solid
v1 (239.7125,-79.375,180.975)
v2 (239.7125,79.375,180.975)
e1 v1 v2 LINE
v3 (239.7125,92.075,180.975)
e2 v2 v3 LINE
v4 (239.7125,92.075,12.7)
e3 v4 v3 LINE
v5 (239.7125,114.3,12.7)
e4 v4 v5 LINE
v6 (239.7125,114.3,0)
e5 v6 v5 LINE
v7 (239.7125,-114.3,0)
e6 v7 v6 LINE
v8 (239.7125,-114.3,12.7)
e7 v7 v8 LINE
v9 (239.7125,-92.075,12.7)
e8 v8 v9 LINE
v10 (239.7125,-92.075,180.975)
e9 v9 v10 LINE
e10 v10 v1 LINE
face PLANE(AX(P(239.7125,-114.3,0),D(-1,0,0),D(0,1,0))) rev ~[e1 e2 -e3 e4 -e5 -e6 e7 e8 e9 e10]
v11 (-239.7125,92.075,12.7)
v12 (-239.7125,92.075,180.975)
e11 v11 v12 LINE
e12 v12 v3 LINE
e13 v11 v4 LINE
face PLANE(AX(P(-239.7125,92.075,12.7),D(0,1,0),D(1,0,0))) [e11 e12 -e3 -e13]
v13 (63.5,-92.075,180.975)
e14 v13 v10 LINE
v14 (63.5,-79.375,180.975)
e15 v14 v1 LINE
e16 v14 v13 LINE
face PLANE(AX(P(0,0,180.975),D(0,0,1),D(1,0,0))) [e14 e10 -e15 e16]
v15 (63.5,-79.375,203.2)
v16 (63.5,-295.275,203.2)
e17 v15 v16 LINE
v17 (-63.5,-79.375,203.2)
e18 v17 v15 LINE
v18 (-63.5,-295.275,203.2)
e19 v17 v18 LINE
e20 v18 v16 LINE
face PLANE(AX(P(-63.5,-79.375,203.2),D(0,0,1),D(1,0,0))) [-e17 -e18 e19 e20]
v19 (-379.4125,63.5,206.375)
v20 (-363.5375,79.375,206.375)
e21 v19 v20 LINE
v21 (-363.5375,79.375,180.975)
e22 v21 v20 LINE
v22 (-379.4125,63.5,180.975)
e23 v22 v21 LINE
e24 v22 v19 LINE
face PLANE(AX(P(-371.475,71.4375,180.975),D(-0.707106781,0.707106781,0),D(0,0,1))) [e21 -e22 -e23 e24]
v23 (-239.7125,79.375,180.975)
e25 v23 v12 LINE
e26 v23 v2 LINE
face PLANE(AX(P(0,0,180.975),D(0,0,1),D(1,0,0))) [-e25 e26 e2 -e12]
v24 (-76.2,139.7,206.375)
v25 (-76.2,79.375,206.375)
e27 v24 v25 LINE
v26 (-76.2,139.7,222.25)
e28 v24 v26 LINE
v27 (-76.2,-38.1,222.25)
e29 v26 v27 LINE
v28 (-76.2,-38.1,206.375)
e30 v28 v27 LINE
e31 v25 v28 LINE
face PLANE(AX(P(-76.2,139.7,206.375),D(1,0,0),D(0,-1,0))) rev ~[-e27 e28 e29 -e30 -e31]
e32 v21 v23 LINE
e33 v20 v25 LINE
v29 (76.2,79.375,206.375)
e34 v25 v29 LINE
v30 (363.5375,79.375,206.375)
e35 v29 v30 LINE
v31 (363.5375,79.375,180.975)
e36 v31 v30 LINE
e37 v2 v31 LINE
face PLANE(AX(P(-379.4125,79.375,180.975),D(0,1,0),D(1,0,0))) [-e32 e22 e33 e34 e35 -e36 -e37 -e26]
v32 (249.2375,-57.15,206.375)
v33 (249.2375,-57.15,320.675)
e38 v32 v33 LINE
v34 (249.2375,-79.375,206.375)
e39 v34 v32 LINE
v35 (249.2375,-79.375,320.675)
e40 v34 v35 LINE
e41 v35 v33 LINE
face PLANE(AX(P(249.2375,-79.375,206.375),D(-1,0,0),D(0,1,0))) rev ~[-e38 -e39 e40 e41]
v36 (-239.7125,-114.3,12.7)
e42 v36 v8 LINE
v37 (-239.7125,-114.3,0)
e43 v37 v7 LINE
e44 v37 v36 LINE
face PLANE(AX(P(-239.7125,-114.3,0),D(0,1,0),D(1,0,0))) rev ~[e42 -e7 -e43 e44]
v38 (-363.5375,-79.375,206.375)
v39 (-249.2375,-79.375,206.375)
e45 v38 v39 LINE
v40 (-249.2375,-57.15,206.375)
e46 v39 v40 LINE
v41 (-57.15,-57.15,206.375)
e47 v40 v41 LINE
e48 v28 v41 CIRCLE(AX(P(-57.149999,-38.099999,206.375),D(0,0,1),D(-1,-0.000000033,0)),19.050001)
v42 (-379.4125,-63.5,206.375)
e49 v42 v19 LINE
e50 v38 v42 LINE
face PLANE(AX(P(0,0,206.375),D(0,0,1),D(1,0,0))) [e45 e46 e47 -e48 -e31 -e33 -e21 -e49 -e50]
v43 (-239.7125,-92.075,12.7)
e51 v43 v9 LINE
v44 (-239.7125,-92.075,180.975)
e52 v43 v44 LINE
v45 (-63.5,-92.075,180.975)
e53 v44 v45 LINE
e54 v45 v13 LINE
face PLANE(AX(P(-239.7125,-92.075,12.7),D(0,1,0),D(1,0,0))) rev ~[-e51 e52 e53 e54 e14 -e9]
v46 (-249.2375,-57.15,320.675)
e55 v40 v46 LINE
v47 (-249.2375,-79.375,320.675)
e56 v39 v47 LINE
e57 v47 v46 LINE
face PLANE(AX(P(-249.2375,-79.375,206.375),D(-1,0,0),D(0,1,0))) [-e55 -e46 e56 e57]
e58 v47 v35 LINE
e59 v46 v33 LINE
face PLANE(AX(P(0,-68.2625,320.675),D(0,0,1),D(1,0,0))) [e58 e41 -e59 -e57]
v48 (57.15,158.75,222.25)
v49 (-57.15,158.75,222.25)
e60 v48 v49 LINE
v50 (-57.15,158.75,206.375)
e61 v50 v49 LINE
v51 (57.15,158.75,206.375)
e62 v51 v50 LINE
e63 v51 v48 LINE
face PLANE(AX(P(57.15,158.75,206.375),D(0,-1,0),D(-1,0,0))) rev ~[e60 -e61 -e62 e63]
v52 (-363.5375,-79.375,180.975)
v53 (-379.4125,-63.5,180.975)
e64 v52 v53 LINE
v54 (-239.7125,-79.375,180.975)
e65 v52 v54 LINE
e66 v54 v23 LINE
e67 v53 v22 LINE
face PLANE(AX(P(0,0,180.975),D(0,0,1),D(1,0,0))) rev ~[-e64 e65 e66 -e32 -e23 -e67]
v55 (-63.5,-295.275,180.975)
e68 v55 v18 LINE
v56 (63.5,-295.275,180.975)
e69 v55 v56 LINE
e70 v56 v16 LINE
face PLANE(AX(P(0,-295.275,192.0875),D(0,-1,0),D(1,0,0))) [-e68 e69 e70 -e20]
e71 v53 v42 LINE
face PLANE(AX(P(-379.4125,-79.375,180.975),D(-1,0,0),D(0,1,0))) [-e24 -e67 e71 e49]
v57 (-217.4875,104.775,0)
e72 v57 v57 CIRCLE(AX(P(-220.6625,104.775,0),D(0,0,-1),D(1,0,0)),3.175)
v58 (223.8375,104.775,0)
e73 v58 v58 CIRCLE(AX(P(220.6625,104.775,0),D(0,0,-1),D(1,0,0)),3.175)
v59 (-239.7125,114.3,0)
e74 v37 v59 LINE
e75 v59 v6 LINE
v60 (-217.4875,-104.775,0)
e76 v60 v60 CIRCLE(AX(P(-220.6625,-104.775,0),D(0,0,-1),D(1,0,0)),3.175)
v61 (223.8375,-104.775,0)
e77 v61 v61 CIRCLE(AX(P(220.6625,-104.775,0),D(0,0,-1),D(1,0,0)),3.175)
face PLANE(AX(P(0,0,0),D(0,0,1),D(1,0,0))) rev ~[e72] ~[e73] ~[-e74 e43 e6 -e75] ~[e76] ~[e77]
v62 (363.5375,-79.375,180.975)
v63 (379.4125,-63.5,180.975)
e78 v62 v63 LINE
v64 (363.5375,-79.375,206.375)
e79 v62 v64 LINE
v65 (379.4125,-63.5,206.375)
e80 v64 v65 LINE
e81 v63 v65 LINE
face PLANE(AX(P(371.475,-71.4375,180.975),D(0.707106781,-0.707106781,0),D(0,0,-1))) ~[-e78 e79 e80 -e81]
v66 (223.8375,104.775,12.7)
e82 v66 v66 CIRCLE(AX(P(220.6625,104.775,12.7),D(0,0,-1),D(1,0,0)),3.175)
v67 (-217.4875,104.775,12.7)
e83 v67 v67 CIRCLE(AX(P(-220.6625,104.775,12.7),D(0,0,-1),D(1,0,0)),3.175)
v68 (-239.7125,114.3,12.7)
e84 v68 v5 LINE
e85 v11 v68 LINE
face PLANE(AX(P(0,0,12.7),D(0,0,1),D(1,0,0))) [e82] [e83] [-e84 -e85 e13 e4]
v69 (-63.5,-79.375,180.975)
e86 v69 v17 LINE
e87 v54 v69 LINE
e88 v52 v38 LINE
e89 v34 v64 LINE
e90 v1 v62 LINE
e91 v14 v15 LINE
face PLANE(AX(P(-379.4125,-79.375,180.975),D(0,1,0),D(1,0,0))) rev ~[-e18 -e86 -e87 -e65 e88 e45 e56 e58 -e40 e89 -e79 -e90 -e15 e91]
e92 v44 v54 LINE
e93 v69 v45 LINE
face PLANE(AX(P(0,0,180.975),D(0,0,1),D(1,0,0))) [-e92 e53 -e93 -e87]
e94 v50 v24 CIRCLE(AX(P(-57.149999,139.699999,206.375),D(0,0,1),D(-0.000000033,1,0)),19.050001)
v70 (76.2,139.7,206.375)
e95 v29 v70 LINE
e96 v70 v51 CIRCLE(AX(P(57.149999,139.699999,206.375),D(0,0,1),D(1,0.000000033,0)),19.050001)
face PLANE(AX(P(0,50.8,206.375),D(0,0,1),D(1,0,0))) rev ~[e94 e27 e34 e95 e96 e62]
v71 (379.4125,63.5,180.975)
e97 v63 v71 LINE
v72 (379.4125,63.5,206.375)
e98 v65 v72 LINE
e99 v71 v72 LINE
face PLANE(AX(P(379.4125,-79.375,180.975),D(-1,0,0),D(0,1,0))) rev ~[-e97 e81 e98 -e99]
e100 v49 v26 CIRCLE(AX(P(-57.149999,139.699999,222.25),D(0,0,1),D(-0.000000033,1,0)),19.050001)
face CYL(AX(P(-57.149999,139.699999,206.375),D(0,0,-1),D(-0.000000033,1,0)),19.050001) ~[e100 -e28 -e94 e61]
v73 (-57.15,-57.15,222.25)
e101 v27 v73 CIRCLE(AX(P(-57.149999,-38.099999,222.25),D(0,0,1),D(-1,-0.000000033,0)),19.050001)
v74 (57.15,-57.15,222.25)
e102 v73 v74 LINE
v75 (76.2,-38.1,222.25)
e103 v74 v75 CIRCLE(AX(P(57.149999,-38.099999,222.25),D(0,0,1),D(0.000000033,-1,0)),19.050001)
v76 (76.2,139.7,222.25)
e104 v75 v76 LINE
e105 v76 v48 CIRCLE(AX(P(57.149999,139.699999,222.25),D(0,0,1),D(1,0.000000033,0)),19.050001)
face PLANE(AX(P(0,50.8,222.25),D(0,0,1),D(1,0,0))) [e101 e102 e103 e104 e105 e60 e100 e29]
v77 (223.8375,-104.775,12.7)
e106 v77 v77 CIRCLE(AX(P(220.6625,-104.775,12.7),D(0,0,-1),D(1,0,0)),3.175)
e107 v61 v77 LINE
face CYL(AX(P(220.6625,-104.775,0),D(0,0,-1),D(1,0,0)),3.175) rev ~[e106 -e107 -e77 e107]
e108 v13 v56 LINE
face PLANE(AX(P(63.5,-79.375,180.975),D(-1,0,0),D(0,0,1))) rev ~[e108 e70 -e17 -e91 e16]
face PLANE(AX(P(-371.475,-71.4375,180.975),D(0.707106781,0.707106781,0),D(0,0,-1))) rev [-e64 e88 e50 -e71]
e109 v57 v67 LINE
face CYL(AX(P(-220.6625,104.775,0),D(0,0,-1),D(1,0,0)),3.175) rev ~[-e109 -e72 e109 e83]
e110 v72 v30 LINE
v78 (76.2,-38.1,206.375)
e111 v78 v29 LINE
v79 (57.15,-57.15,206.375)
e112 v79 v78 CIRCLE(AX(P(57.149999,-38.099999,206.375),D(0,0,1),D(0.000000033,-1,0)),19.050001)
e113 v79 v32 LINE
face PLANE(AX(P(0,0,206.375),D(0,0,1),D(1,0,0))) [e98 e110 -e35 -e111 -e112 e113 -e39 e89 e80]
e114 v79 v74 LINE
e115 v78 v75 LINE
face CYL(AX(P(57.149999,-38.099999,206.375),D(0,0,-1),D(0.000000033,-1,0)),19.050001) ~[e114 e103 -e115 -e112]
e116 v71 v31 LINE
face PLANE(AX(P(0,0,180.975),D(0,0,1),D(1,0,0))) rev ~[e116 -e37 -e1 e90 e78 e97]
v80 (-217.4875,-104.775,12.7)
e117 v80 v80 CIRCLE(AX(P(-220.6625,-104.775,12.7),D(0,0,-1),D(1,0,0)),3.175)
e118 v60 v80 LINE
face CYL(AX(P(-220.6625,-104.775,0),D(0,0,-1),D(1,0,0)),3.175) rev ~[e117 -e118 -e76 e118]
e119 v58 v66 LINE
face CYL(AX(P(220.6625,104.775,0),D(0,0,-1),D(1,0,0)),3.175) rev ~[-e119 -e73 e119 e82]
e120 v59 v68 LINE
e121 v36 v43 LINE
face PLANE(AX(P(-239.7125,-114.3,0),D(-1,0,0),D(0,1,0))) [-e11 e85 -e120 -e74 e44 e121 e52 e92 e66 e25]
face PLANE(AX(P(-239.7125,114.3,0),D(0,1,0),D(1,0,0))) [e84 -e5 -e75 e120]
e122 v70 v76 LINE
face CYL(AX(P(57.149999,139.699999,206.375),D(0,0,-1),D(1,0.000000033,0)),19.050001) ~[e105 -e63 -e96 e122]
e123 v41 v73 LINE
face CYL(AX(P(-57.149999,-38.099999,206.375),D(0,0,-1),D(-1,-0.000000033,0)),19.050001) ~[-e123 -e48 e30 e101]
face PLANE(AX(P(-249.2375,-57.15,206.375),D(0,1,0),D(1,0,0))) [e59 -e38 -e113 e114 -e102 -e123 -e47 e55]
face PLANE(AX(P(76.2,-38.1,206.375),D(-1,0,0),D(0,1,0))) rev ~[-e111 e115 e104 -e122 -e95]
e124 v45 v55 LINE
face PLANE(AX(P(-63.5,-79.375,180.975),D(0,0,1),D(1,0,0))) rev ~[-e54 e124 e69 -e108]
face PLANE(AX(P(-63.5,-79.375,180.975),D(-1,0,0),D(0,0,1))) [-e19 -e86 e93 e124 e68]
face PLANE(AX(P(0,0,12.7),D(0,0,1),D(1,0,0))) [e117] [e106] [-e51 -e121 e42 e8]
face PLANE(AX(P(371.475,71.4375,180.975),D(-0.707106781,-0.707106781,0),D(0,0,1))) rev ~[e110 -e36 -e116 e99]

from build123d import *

# Parameters (mm, degrees)
F0_W      = 479.425
F0_H      = 228.6
F1_DEPTH  = 12.7
F2_R      = 3.175
F3_DEPTH  = 12.701
F4_W      = 479.425
F4_H      = 184.15
F5_DEPTH  = 168.275
F6_W      = 758.825
F6_H      = 158.75
F7_DEPTH  = 25.4
F8_W      = 498.475
F8_H      = 22.225
F9_DEPTH  = 114.3
F10_W     = 127
F10_H     = 22.225
F11_DEPTH = 215.9
F12_SIZE  = 15.875
F14_DEPTH = 15.875


with BuildPart() as f1:
    # F0 (on Top) → F1 (new body)
    with BuildSketch(Plane.XY):
        Rectangle(F0_W, F0_H)
    extrude(amount=F1_DEPTH)

    # F2 (on face) → F3 (cut, through all)
    with BuildSketch(Plane(origin=(0, 0, 0), x_dir=(1, 0, 0), z_dir=(0, 0, -1))):
        with Locations((220.6625, -104.775)):
            Circle(F2_R)
        with Locations((-220.6625, -104.775)):
            Circle(F2_R)
        with Locations((220.6625, 104.775)):
            Circle(F2_R)
        with Locations((-220.6625, 104.775)):
            Circle(F2_R)
    extrude(amount=-F3_DEPTH, mode=Mode.SUBTRACT)

    # F4 (on face) → F5 (join)
    with BuildSketch(Plane.XY.offset(12.7)):
        Rectangle(F4_W, F4_H)
    extrude(amount=F5_DEPTH)

    # F6 (on face) → F7 (join)
    with BuildSketch(Plane.XY.offset(180.975)):
        Rectangle(F6_W, F6_H)
    extrude(amount=F7_DEPTH)

    # F8 (on face) → F9 (join)
    with BuildSketch(Plane.XY.offset(206.375)):
        with Locations((0, -68.2625)):
            Rectangle(F8_W, F8_H)
    extrude(amount=F9_DEPTH)

    # F10 (on face) → F11 (join)
    with BuildSketch(Plane.XZ.offset(79.375)):
        with Locations((0, 192.0875)):
            Rectangle(F10_W, F10_H)
    extrude(amount=F11_DEPTH)

    # F12
    f12_edges = [f1.edges().sort_by_distance(p)[0] for p in [
        (-379.4125, 79.375, 193.675),
        (-379.4125, -79.375, 193.675),
        (379.4125, -79.375, 193.675),
        (379.4125, 79.375, 193.675),
    ]]
    chamfer(f12_edges, length=F12_SIZE)

    # F13 (on face) → F14 (join)
    with BuildSketch(Plane.XY.offset(206.375)):
        with BuildLine():
            ThreePointArc((-76.2, -38.1), (-70.620384, -51.570384), (-57.15, -57.15))
            Line((-57.15, -57.15), (57.15, -57.15))
            ThreePointArc((57.15, -57.15), (70.620384, -51.570384), (76.2, -38.1))
            Line((76.2, -38.1), (76.2, 139.7))
            ThreePointArc((76.2, 139.7), (70.620384, 153.170384), (57.15, 158.75))
            Line((57.15, 158.75), (-57.15, 158.75))
            ThreePointArc((-57.15, 158.75), (-70.620384, 153.170384), (-76.2, 139.7))
            Line((-76.2, 139.7), (-76.2, -38.1))
        make_face()
    extrude(amount=F14_DEPTH)


solid = f1.part
